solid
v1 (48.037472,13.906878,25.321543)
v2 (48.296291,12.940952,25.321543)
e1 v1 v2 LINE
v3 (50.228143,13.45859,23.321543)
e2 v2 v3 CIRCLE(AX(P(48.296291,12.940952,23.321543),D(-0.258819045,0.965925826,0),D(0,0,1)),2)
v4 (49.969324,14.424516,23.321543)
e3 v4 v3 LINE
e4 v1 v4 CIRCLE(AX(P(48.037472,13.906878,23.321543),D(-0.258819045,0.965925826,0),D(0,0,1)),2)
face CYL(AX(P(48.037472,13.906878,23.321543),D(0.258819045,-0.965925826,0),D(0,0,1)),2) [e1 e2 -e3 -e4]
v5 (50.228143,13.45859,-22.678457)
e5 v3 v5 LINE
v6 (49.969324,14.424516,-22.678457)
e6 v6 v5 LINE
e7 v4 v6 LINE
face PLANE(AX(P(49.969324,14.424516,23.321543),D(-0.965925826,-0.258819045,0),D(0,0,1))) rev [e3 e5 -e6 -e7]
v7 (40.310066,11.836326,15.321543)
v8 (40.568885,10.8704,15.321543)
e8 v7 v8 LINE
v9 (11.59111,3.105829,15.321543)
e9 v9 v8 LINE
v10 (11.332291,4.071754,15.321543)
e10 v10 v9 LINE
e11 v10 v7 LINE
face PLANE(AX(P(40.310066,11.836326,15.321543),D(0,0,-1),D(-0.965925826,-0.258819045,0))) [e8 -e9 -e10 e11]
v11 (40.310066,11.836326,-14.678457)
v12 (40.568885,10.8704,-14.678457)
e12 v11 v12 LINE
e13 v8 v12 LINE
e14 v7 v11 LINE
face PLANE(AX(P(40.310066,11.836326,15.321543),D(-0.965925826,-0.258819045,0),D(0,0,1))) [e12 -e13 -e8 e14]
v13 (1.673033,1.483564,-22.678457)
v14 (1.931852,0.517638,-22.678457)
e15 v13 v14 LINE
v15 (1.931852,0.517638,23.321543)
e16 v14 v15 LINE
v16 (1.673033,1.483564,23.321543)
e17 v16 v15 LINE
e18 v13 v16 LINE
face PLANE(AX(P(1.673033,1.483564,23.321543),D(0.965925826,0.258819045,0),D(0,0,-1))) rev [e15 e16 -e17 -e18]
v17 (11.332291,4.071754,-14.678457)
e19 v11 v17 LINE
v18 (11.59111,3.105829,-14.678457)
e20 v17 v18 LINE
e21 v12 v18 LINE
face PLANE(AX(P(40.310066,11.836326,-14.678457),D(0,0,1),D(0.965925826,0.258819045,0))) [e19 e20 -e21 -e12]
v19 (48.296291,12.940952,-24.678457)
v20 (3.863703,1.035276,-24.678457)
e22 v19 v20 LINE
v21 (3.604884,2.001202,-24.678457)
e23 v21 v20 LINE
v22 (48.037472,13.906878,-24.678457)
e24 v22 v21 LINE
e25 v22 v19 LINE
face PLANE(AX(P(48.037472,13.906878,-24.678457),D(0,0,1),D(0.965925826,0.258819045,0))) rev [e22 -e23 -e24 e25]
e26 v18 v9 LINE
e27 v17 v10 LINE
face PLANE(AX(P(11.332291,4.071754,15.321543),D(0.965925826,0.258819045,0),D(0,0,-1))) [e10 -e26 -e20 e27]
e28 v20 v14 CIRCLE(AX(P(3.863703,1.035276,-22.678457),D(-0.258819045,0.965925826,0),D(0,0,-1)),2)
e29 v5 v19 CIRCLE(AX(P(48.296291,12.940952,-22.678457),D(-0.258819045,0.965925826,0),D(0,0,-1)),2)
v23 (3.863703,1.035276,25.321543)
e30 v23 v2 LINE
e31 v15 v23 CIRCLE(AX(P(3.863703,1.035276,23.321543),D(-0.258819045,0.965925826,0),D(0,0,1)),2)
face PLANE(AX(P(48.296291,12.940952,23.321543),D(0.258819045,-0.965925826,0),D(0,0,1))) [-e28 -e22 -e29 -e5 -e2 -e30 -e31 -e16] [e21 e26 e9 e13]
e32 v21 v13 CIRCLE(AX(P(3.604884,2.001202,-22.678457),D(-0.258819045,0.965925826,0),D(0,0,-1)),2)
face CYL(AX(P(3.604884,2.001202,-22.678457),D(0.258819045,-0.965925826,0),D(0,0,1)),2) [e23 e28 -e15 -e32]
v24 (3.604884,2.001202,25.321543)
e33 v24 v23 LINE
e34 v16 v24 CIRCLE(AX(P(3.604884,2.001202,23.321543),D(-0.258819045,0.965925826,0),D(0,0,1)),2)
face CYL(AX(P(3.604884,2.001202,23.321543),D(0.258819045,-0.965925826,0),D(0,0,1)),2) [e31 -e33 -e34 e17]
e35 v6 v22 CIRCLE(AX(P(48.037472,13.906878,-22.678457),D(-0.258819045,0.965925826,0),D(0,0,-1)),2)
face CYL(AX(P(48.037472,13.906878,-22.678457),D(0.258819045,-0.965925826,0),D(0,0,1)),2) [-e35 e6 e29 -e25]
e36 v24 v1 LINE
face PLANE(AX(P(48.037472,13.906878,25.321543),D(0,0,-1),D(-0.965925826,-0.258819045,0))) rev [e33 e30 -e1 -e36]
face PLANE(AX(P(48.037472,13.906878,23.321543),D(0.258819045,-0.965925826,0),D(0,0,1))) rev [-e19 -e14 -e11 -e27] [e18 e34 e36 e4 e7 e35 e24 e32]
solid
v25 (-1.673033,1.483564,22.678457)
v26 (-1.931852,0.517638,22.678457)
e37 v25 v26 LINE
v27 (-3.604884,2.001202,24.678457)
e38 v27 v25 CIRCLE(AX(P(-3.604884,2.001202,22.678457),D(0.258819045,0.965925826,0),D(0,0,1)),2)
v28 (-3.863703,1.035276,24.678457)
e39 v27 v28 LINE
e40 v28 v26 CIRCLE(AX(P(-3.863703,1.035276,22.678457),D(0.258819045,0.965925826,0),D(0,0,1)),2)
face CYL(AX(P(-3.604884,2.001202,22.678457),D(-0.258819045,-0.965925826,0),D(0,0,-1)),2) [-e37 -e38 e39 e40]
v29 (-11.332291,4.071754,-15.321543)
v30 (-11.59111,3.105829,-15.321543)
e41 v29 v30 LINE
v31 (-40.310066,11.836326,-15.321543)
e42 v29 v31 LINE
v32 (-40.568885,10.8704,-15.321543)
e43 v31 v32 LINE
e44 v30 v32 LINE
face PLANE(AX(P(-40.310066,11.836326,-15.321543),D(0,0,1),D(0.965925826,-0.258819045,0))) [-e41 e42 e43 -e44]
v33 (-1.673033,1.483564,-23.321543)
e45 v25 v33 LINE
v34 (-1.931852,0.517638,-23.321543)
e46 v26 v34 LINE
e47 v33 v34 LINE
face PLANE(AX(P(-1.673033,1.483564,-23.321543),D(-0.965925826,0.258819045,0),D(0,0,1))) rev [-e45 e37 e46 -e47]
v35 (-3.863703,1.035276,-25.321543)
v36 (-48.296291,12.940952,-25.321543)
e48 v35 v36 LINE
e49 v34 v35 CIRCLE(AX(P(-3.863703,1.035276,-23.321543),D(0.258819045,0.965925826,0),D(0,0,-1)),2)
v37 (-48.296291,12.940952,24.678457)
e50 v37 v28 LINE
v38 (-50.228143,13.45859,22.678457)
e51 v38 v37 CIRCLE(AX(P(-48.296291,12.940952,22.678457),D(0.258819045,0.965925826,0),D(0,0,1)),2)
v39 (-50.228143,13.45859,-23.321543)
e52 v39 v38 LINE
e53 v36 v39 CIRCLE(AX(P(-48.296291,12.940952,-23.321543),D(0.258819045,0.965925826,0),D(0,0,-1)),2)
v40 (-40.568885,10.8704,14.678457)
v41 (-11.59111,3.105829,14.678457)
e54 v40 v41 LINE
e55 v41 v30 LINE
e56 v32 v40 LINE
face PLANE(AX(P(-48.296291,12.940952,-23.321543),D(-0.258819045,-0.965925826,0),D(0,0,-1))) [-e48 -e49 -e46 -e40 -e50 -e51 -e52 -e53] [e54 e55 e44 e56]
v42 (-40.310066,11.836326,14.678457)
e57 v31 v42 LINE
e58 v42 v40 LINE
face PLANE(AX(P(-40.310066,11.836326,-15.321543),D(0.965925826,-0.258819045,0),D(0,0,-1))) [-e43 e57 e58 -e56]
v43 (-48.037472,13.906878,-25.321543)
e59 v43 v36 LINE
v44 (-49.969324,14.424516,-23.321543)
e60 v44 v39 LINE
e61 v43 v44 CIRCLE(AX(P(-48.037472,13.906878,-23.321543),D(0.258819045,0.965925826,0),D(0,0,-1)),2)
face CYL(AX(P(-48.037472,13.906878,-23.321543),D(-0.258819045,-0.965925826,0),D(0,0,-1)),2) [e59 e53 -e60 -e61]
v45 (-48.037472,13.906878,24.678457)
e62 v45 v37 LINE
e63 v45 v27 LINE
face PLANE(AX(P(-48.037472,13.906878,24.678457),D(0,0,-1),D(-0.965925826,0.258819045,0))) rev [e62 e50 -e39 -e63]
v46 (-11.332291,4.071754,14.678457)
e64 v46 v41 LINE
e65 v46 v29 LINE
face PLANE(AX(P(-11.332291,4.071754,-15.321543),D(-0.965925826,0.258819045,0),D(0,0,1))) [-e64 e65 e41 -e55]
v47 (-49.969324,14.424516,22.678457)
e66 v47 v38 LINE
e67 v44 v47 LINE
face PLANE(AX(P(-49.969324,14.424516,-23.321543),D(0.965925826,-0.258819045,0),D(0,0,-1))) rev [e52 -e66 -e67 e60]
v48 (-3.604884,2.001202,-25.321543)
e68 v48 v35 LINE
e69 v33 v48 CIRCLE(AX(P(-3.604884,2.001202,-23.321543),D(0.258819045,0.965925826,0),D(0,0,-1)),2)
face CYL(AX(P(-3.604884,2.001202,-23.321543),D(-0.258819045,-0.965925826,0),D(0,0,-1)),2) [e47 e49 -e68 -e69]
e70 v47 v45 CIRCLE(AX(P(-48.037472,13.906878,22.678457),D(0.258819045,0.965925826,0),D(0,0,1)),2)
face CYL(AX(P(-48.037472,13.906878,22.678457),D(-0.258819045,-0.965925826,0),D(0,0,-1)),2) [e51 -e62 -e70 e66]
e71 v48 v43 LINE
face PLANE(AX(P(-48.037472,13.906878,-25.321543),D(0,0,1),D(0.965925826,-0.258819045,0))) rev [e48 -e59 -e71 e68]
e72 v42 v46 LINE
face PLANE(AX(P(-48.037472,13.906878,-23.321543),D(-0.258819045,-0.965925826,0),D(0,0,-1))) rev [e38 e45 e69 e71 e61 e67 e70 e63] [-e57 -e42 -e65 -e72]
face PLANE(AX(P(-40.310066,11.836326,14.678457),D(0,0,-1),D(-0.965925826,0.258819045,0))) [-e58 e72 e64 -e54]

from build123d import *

# Parameters (mm, degrees)
SKETCH_1_W               = 30
SKETCH_1_H               = 30
EXTRUDE_1_DEPTH          = 1
MOVE_BODY_1_ANGLE        = 15
PATTERN_CIRCULAR_1_COUNT = 2


with BuildPart() as part:
    # 草图1 → 凸台-拉伸1 (new body)
    with BuildSketch(Plane(origin=(0, 0, 0), x_dir=(1, 0, 0), z_dir=(0, 1, 0))):
        with BuildLine():
            Line((-50, 25.321543408), (-4, 25.321543408))
            ThreePointArc((-4, 25.321543408), (-2.585786438, 24.735756971), (-2, 23.321543408))
            Line((-2, 23.321543408), (-2, -22.678456592))
            ThreePointArc((-2, -22.678456592), (-2.585786438, -24.092670154), (-4, -24.678456592))
            Line((-4, -24.678456592), (-50, -24.678456592))
            ThreePointArc((-50, -24.678456592), (-51.414213562, -24.092670154), (-52, -22.678456592))
            Line((-52, -22.678456592), (-52, 23.321543408))
            ThreePointArc((-52, 23.321543408), (-51.414213562, 24.735756971), (-50, 25.321543408))
        make_face()
        with Locations((-27, 0.321543408)):
            Rectangle(SKETCH_1_W, SKETCH_1_H, mode=Mode.SUBTRACT)
    extrude(amount=EXTRUDE_1_DEPTH)


with BuildPart() as part_1:
    # Move Body 1: moved
    add(part.part.rotate(Axis((0, 0, 0), (0, 0, -1)), MOVE_BODY_1_ANGLE))


with BuildPart() as pattern_circular_1_1:
    # 阵列(圆周)1: pattern copy
    add(part_1.part.rotate(Axis((0, 0, 0), (0, 1, 0)), 1 * 360 / PATTERN_CIRCULAR_1_COUNT))


solid = Compound([part_1.part, pattern_circular_1_1.part])
